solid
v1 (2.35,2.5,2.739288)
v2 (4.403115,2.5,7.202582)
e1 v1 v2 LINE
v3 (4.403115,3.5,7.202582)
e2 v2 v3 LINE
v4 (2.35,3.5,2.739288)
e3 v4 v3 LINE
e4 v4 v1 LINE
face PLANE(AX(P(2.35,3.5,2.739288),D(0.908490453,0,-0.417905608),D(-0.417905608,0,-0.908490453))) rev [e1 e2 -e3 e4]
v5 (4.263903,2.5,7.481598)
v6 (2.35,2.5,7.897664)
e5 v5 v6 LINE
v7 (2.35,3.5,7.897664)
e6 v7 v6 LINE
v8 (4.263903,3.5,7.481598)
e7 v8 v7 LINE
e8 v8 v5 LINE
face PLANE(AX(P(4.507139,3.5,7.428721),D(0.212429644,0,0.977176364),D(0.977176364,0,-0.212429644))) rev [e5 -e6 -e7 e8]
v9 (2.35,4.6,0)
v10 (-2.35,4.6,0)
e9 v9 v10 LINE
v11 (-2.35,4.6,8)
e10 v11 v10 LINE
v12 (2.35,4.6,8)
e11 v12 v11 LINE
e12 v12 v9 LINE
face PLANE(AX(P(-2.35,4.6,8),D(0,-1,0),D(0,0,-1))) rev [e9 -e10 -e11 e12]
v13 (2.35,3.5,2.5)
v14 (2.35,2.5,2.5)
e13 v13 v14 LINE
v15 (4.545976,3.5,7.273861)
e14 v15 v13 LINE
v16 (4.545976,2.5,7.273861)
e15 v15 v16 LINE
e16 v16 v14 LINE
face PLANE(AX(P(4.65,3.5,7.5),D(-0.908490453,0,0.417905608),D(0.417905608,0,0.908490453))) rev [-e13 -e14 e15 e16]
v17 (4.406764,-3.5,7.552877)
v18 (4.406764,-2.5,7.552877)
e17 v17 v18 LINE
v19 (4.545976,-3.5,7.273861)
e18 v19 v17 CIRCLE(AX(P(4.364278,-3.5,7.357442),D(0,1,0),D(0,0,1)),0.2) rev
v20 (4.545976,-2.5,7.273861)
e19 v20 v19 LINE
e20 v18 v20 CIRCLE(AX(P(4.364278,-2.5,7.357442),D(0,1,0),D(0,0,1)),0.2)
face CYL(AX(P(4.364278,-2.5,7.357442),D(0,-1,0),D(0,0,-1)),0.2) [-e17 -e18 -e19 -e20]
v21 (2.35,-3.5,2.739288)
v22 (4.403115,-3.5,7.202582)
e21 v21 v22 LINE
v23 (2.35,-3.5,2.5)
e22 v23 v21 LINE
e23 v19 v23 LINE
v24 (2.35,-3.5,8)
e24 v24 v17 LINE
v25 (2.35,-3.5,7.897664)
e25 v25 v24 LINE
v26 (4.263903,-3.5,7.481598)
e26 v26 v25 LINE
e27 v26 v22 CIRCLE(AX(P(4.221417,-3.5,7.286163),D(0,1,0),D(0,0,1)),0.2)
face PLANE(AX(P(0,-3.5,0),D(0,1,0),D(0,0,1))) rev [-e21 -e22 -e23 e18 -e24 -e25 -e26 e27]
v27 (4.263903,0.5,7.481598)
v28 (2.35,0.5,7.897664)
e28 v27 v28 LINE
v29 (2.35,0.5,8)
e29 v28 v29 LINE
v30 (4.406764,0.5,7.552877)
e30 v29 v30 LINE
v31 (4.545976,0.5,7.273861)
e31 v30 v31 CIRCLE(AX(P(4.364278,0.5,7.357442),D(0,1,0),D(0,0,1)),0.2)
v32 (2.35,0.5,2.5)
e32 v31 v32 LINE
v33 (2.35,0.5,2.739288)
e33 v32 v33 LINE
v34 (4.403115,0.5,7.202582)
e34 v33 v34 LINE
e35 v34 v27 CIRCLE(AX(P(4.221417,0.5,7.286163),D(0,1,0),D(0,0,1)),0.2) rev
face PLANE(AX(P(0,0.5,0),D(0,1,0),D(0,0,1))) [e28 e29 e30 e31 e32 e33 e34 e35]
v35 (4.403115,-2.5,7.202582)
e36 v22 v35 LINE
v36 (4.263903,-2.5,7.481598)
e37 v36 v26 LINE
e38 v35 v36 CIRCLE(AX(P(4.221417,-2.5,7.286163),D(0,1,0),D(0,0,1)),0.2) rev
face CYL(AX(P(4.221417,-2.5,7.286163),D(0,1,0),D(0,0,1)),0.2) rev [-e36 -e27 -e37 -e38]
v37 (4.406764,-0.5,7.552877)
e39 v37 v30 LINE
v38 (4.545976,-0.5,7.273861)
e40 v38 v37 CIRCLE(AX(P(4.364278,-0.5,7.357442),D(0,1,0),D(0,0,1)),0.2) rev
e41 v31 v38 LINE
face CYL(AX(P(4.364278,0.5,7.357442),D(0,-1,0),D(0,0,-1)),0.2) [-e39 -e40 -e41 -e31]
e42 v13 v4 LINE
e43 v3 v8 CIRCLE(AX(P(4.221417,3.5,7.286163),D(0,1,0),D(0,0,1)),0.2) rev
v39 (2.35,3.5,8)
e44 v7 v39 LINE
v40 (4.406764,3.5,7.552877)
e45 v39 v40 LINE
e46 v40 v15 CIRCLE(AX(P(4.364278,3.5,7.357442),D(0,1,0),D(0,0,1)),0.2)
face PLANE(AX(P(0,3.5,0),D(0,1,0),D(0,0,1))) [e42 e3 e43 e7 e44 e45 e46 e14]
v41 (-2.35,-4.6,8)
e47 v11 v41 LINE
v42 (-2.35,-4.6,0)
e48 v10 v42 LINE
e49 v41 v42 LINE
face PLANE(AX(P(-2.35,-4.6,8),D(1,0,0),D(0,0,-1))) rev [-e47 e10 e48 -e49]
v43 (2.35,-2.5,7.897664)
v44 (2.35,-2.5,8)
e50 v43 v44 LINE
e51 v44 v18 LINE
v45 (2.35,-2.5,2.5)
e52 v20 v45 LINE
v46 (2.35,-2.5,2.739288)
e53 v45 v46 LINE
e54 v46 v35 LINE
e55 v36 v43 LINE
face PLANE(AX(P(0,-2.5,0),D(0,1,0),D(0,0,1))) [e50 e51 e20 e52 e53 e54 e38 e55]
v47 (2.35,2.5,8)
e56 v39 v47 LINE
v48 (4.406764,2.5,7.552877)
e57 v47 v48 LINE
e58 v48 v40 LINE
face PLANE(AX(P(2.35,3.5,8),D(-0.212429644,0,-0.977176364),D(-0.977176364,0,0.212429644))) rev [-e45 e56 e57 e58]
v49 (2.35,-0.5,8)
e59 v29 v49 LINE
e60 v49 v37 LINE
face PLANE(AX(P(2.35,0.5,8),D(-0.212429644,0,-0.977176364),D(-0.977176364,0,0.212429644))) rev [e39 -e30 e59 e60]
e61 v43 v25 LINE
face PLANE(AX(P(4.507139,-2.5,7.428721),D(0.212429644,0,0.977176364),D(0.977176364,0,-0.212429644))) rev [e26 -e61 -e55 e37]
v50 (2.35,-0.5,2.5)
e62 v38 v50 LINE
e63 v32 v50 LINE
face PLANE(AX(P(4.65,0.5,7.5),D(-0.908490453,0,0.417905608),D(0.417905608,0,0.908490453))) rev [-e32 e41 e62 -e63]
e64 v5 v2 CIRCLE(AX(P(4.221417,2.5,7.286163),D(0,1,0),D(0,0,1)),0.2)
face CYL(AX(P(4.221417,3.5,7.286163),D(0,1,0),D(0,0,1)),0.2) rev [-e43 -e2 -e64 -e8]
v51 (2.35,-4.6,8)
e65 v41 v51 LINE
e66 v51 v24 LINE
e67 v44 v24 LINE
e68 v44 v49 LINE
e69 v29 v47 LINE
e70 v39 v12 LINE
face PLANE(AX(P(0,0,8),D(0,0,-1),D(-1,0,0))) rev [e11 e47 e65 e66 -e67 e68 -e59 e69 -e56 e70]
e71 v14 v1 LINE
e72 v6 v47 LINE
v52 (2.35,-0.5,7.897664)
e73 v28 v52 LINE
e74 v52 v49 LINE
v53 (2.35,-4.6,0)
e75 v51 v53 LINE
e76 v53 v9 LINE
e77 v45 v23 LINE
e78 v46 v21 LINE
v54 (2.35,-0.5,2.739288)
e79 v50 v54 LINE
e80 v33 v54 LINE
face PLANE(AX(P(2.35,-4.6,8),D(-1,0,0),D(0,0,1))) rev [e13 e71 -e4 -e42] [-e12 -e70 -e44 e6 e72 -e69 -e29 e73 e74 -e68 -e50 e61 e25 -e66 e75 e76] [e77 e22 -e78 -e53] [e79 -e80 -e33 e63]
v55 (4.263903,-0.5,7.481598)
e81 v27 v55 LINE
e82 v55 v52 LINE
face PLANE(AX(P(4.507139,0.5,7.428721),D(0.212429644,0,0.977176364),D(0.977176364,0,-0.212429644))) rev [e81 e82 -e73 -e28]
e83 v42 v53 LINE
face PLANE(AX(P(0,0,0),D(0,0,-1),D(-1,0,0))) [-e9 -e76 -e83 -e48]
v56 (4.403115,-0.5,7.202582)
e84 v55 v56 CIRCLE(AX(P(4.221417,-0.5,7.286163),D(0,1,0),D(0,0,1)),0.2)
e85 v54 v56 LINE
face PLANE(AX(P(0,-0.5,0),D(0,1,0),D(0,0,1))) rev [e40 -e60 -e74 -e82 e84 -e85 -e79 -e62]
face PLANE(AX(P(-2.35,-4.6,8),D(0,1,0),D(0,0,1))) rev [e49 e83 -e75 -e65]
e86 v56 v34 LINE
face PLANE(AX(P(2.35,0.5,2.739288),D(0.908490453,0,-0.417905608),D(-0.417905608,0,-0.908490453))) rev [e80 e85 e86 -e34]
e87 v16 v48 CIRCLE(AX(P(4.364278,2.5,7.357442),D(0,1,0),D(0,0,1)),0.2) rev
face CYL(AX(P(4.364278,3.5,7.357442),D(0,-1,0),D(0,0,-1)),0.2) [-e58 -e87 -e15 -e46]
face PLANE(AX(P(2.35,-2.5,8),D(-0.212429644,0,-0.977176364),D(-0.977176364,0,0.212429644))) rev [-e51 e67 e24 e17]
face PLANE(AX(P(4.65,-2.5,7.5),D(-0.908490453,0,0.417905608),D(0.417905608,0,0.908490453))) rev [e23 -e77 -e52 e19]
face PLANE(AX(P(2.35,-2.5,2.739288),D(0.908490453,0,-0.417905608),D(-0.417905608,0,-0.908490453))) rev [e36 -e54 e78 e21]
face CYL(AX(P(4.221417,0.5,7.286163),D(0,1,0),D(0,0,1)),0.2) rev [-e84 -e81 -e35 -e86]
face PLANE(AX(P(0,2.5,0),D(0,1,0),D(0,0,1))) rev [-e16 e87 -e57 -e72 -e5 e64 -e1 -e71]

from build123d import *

# Parameters (mm, degrees)
SKETCH1_W                  = 4.7
SKETCH1_H                  = 9.2
BOSS_EXTRUDE1_DEPTH        = 8
BOSS_EXTRUDE2_DEPTH        = 0.5
FILLET1_R                  = 0.2
FILLET2_R                  = 0.2
LPATTERN2_COUNT            = 2
LPATTERN2_PITCH            = 3
FILLET1_OF_LPATTERN2_R     = 0.2
FILLET2_OF_LPATTERN2_R     = 0.2
LPATTERN2_COL_COUNT        = 2
LPATTERN2_COL_PITCH        = 3
FILLET1_OF_LPATTERN2_COL_R = 0.2
FILLET2_OF_LPATTERN2_COL_R = 0.2


with BuildPart() as part:
    # Sketch1 → Boss-Extrude1 (new body)
    with BuildSketch(Plane.XY):
        Rectangle(SKETCH1_W, SKETCH1_H)
    extrude(amount=BOSS_EXTRUDE1_DEPTH)

    # Sketch2 → Boss-Extrude2 (add, symmetric)
    with BuildSketch(Plane(origin=(0, 0, 0), x_dir=(1, 0, 0), z_dir=(0, 1, 0))):
        Polygon((2.35, -8), (4.65, -7.5), (2.35, -2.5), (2.35, -2.739288485), (4.507138989, -7.428721069), (2.35, -7.897664328), align=None)
    boss_extrude2 = extrude(amount=BOSS_EXTRUDE2_DEPTH, both=True)

    # Fillet1
    fillet1_edges = [part.edges().sort_by_distance(p)[0] for p in [
        (4.507138989, 0, 7.428721069),
    ]]
    fillet(fillet1_edges, radius=FILLET1_R)

    # Fillet2
    fillet2_edges = [part.edges().sort_by_distance(p)[0] for p in [
        (4.65, 0, 7.5),
    ]]
    fillet(fillet2_edges, radius=FILLET2_R)

    # LPattern2: Boss-Extrude2 ×2
    with Locations(*[(0, -i * LPATTERN2_PITCH, 0) for i in range(1, LPATTERN2_COUNT)]):
        add(boss_extrude2)

    # Fillet1 of LPattern2
    fillet1_of_lpattern2_edges = [part.edges().sort_by_distance(p)[0] for p in [
        (4.507138989, -3, 7.428721069),
    ]]
    fillet(fillet1_of_lpattern2_edges, radius=FILLET1_OF_LPATTERN2_R)

    # Fillet2 of LPattern2
    fillet2_of_lpattern2_edges = [part.edges().sort_by_distance(p)[0] for p in [
        (4.65, -3, 7.5),
    ]]
    fillet(fillet2_of_lpattern2_edges, radius=FILLET2_OF_LPATTERN2_R)

    # LPattern2 col: Boss-Extrude2 ×2
    with Locations(*[(0, i * LPATTERN2_COL_PITCH, 0) for i in range(1, LPATTERN2_COL_COUNT)]):
        add(boss_extrude2)

    # Fillet1 of LPattern2 col
    fillet1_of_lpattern2_col_edges = [part.edges().sort_by_distance(p)[0] for p in [
        (4.507138989, 3, 7.428721069),
    ]]
    fillet(fillet1_of_lpattern2_col_edges, radius=FILLET1_OF_LPATTERN2_COL_R)

    # Fillet2 of LPattern2 col
    fillet2_of_lpattern2_col_edges = [part.edges().sort_by_distance(p)[0] for p in [
        (4.65, 3, 7.5),
    ]]
    fillet(fillet2_of_lpattern2_col_edges, radius=FILLET2_OF_LPATTERN2_COL_R)


solid = part.part
